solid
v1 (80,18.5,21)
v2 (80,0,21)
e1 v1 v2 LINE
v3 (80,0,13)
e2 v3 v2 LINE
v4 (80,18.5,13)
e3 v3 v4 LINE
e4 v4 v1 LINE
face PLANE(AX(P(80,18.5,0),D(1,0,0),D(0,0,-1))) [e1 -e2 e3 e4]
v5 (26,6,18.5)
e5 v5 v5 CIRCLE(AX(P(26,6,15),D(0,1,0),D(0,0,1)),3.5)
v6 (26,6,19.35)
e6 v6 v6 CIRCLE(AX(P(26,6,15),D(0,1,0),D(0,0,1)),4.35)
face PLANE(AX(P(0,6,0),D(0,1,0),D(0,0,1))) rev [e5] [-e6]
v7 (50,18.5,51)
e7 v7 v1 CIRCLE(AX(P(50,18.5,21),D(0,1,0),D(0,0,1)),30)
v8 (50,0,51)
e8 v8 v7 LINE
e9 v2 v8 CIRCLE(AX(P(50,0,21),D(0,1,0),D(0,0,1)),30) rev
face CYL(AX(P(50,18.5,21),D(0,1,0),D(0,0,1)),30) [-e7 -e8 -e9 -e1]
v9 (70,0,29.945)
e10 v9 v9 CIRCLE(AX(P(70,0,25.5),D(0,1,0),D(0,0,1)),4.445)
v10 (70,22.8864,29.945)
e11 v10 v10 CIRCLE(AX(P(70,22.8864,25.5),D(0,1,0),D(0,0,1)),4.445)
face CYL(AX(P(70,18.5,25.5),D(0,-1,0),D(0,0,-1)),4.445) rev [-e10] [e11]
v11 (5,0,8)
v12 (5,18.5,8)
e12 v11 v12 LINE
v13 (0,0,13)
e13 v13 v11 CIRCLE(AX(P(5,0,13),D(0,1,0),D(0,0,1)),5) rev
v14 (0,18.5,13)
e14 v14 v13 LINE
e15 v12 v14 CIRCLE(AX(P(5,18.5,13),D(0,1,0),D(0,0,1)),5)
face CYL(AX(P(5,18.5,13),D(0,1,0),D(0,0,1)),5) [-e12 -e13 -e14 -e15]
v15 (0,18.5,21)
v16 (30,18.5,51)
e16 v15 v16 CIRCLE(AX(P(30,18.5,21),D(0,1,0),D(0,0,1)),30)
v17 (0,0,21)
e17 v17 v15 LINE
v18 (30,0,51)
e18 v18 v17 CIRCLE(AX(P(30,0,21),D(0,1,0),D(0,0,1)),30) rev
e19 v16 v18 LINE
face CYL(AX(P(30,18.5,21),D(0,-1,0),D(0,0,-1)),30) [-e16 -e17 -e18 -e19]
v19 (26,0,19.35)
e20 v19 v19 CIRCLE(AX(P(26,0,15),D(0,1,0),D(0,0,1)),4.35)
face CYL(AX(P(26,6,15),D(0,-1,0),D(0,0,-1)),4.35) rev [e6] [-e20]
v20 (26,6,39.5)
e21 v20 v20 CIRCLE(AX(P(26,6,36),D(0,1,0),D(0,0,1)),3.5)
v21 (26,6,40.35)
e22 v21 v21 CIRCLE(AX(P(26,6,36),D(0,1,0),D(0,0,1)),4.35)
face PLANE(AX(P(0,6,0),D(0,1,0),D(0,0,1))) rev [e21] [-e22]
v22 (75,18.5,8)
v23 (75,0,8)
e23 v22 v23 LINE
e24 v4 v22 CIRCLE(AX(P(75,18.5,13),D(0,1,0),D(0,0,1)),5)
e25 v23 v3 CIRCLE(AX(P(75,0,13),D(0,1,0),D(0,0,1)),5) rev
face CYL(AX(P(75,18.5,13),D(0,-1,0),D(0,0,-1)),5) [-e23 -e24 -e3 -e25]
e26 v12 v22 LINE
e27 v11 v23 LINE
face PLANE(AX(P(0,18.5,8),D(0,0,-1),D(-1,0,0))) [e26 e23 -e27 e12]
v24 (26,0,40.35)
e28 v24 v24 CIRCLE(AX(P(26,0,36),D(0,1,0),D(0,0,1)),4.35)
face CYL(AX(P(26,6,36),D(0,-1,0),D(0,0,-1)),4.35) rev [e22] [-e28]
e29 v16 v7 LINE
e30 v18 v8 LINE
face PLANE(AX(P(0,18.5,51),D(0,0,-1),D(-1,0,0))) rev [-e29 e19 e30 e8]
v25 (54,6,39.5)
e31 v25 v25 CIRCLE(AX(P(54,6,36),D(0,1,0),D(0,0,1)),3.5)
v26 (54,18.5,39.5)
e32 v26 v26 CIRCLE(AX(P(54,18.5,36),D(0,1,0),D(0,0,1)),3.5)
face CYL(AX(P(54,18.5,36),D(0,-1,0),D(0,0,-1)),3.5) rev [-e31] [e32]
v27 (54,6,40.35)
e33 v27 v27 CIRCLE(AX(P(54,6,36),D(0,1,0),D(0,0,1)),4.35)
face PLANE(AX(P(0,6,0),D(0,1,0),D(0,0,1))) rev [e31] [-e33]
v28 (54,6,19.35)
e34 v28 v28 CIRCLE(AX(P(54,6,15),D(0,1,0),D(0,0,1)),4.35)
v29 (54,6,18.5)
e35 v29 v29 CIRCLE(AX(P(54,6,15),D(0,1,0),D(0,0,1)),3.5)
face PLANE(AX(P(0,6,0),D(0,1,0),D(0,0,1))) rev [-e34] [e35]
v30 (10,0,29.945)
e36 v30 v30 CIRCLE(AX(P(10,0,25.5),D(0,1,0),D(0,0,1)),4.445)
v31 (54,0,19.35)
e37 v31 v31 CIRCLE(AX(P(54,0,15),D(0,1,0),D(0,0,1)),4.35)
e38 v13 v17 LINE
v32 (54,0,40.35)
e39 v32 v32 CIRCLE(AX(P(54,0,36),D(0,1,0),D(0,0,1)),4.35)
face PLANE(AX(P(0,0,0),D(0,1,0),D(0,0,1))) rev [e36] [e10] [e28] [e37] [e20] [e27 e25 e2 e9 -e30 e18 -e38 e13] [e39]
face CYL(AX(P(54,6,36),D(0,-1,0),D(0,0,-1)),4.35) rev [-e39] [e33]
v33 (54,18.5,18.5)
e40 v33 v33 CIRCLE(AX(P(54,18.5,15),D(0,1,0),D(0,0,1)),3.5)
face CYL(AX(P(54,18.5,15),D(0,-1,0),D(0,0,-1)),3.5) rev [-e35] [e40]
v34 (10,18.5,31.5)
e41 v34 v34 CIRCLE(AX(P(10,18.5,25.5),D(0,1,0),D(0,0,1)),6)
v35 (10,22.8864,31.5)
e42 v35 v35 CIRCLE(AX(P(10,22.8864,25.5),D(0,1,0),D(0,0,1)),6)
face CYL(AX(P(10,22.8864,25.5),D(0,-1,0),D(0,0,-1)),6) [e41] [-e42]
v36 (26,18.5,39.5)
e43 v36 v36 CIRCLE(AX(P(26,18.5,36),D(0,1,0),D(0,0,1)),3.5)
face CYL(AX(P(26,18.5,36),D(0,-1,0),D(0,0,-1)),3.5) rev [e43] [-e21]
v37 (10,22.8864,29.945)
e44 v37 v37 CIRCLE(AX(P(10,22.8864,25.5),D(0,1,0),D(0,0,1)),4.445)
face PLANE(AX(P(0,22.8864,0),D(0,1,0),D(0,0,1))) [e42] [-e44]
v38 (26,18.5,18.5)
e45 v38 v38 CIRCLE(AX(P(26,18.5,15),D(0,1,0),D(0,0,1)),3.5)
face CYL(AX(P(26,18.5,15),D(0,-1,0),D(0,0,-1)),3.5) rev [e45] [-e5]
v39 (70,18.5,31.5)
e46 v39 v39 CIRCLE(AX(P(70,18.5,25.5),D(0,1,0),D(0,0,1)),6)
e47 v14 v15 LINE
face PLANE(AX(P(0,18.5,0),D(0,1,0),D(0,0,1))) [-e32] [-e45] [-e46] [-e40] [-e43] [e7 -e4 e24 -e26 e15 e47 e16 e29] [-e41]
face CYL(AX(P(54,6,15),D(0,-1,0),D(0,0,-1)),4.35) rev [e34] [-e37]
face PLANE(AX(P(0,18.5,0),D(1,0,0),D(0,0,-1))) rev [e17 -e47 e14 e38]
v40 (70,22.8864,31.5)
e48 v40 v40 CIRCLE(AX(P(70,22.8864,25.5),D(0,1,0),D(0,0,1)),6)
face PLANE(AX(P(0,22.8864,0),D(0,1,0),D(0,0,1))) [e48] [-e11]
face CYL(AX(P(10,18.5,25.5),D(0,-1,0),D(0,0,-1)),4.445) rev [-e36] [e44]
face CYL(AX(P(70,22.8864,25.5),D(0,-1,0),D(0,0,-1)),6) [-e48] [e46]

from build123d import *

# Parameters (mm, degrees)
SKETCH1_W           = 80
SKETCH1_H           = 43
SKETCH1_R           = 3.5
SKETCH1_R_2         = 4.445
BOSS_EXTRUDE1_DEPTH = 18.5
SKETCH1_4_R         = 4.35
SKETCH1_4_R_2       = 3.5
CUT_EXTRUDE1_DEPTH  = 6
FILLET1_R           = 30
FILLET2_R           = 5
BOSS_EXTRUDE2_START = 18.5
SKETCH1_5_R         = 6
SKETCH1_5_R_2       = 4.445
BOSS_EXTRUDE2_DEPTH = 4.3864


with BuildPart() as part:
    # Sketch1 → Boss-Extrude1 (new body)
    with BuildSketch(Plane(origin=(0, 0, 0), x_dir=(1, 0, 0), z_dir=(0, 1, 0))):
        with Locations((40, -29.5)):
            Rectangle(SKETCH1_W, SKETCH1_H)
        with Locations((26, -36)):
            Circle(SKETCH1_R, mode=Mode.SUBTRACT)
        with Locations((54, -36)):
            Circle(SKETCH1_R, mode=Mode.SUBTRACT)
        with Locations((26, -15)):
            Circle(SKETCH1_R, mode=Mode.SUBTRACT)
        with Locations((54, -15)):
            Circle(SKETCH1_R, mode=Mode.SUBTRACT)
        with Locations((70, -25.5)):
            Circle(SKETCH1_R_2, mode=Mode.SUBTRACT)
        with Locations((10, -25.5)):
            Circle(SKETCH1_R_2, mode=Mode.SUBTRACT)
    extrude(amount=BOSS_EXTRUDE1_DEPTH)

    # Sketch1<4> → Cut-Extrude1 (cut)
    # profile 1 of 4: a face of its own
    with BuildSketch(Plane(origin=(0, 0, 0), x_dir=(1, 0, 0), z_dir=(0, 1, 0))):
        with Locations((26, -15)):
            Circle(SKETCH1_4_R)
        with Locations((26, -15)):
            Circle(SKETCH1_4_R_2, mode=Mode.SUBTRACT)
    # profile 2 of 4: a face of its own
    with BuildSketch(Plane(origin=(0, 0, 0), x_dir=(1, 0, 0), z_dir=(0, 1, 0))):
        with Locations((54, -15)):
            Circle(SKETCH1_4_R)
        with Locations((54, -15)):
            Circle(SKETCH1_4_R_2, mode=Mode.SUBTRACT)
    # profile 3 of 4: a face of its own
    with BuildSketch(Plane(origin=(0, 0, 0), x_dir=(1, 0, 0), z_dir=(0, 1, 0))):
        with Locations((26, -36)):
            Circle(SKETCH1_4_R)
        with Locations((26, -36)):
            Circle(SKETCH1_4_R_2, mode=Mode.SUBTRACT)
    # profile 4 of 4: a face of its own
    with BuildSketch(Plane(origin=(0, 0, 0), x_dir=(1, 0, 0), z_dir=(0, 1, 0))):
        with Locations((54, -36)):
            Circle(SKETCH1_4_R)
        with Locations((54, -36)):
            Circle(SKETCH1_4_R_2, mode=Mode.SUBTRACT)
    extrude(amount=CUT_EXTRUDE1_DEPTH, mode=Mode.SUBTRACT)

    # Fillet1
    fillet1_edges = [part.edges().sort_by_distance(p)[0] for p in [
        (80, 9.25, 51),
        (0, 9.25, 51),
    ]]
    fillet(fillet1_edges, radius=FILLET1_R)

    # Fillet2
    fillet2_edges = [part.edges().sort_by_distance(p)[0] for p in [
        (0, 9.25, 8),
        (80, 9.25, 8),
    ]]
    fillet(fillet2_edges, radius=FILLET2_R)

    # Sketch1<5> → Boss-Extrude2 (add)
    # profile 1 of 2: a face of its own
    with BuildSketch(Plane(origin=(0, 0, 0), x_dir=(1, 0, 0), z_dir=(0, 1, 0)).offset(BOSS_EXTRUDE2_START)):
        with Locations((70, -25.5)):
            Circle(SKETCH1_5_R)
        with Locations((70, -25.5)):
            Circle(SKETCH1_5_R_2, mode=Mode.SUBTRACT)
    # profile 2 of 2: a face of its own
    with BuildSketch(Plane(origin=(0, 0, 0), x_dir=(1, 0, 0), z_dir=(0, 1, 0)).offset(BOSS_EXTRUDE2_START)):
        with Locations((10, -25.5)):
            Circle(SKETCH1_5_R)
        with Locations((10, -25.5)):
            Circle(SKETCH1_5_R_2, mode=Mode.SUBTRACT)
    extrude(amount=BOSS_EXTRUDE2_DEPTH)


solid = part.part
